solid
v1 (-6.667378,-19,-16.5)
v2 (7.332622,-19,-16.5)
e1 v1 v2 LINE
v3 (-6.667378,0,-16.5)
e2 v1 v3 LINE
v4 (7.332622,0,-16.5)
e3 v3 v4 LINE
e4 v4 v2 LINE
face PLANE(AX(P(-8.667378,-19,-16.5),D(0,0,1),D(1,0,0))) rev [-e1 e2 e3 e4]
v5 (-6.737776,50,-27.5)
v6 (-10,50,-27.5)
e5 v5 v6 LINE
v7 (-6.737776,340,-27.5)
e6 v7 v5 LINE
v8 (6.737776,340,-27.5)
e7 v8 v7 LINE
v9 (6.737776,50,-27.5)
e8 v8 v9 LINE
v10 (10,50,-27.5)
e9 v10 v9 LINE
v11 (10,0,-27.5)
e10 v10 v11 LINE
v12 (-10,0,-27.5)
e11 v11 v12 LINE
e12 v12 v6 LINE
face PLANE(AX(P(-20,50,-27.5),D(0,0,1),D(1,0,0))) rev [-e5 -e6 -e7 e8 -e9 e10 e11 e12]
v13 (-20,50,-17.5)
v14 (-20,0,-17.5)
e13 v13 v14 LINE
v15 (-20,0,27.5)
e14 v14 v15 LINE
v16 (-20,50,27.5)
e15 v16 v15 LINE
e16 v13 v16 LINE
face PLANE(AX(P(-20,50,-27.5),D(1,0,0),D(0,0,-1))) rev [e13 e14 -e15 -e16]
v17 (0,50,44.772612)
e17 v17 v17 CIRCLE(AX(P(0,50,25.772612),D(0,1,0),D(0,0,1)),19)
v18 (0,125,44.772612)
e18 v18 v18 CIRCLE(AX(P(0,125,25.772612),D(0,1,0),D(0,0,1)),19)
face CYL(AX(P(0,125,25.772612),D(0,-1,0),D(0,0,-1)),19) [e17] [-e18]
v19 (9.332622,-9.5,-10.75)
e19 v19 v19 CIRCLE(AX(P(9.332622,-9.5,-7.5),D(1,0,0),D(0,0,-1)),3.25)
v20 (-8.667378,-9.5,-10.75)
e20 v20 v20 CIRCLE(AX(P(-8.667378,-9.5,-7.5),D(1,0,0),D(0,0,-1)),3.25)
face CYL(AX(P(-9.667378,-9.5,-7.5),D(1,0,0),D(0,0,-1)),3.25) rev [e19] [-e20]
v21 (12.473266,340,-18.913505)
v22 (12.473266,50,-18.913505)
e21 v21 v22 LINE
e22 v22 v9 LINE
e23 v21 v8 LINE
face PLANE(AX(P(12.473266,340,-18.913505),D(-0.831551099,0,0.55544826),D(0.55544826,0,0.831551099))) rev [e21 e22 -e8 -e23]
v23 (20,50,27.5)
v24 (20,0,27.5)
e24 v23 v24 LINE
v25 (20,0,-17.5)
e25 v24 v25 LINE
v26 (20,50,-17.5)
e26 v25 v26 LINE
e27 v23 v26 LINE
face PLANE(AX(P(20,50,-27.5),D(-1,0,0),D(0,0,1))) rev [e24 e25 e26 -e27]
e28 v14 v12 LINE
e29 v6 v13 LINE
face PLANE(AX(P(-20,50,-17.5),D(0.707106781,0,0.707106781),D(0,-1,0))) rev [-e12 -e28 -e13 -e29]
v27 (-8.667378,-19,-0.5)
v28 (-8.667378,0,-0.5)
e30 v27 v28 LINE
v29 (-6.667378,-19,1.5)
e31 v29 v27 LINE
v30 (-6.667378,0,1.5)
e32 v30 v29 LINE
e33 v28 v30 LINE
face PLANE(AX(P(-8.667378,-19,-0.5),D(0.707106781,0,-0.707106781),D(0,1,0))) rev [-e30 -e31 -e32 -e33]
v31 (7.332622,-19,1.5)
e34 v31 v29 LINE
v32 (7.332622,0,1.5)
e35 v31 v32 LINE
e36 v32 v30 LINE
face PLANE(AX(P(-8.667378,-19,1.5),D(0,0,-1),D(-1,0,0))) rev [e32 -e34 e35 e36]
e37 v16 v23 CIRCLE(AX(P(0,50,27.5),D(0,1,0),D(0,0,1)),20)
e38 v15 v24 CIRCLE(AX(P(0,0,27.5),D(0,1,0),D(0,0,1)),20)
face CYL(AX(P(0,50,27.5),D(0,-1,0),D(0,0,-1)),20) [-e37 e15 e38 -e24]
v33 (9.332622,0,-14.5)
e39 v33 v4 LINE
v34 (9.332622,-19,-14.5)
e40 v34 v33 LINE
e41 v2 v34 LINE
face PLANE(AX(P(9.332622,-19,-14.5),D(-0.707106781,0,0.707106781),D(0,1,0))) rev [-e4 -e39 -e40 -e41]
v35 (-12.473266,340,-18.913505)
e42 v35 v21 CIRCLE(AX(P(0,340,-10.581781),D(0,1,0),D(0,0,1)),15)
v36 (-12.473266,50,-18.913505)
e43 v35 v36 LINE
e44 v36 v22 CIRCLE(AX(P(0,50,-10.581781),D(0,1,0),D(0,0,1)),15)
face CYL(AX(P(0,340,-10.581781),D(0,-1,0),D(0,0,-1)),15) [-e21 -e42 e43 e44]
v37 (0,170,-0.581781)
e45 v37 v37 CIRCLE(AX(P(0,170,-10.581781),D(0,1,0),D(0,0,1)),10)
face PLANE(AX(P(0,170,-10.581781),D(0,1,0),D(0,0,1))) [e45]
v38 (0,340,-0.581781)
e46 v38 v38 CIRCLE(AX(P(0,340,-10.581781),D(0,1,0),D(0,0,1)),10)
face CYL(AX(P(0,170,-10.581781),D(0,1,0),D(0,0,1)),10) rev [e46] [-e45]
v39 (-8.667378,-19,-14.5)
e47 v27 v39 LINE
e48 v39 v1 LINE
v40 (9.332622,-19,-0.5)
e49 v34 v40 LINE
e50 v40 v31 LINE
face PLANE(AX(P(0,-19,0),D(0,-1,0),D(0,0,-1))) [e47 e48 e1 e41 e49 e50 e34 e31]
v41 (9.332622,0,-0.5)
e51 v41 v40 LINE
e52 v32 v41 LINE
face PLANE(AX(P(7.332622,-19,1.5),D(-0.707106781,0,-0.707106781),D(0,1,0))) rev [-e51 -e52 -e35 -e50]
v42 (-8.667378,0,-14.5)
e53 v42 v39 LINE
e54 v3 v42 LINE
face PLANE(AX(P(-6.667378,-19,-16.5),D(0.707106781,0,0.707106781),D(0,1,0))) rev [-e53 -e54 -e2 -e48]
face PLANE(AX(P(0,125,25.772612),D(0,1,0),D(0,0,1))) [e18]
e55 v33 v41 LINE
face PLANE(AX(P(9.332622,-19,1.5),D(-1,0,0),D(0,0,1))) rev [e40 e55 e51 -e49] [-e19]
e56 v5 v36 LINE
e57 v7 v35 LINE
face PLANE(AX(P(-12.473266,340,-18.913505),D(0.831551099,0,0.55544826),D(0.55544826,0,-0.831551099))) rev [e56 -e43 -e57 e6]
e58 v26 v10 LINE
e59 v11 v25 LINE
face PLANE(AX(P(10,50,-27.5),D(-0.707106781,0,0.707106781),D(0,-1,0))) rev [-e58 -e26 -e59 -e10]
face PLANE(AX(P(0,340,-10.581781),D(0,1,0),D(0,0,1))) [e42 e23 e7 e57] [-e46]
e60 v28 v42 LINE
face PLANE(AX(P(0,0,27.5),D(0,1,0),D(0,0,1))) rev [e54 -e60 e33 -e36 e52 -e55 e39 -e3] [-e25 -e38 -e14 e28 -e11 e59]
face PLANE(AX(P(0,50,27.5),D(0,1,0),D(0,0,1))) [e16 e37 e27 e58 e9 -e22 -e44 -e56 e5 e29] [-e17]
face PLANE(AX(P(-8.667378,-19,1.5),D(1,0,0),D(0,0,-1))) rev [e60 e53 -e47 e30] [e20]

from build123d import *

# Parameters (mm, degrees)
EXTRUDE_1_DEPTH     = 50
SKETCH_2_R          = 19
EXTRUDE_2_DEPTH     = 75
EXTRUDE_3_DEPTH     = 290
SKETCH_4_R          = 10
CUT_EXTRUDE_1_DEPTH = 170
SKETCH_5_W          = 18
SKETCH_5_H          = 18
EXTRUDE_4_DEPTH     = 19
SKETCH_7_R          = 3.25
CUT_EXTRUDE_2_DEPTH = 19
CHAMFER_1_SIZE      = 10
CHAMFER_2_SIZE      = 2


with BuildPart() as part:
    # 草图1 → 凸台-拉伸1 (new body)
    with BuildSketch(Plane(origin=(0, 0, 0), x_dir=(1, 0, 0), z_dir=(0, 1, 0))):
        with BuildLine():
            Line((-20, 27.5), (20, 27.5))
            Line((20, 27.5), (20, -27.5))
            ThreePointArc((20, -27.5), (0, -47.5), (-20, -27.5))
            Line((-20, -27.5), (-20, 27.5))
        make_face()
    extrude(amount=EXTRUDE_1_DEPTH)

    # 草图2 → 凸台-拉伸2 (add)
    with BuildSketch(Plane(origin=(0, 50, 0), x_dir=(1, 0, 0), z_dir=(0, 1, 0))):
        with Locations(Location((0, -25.772612345, 0), (0, 0, 270))):
            Circle(SKETCH_2_R)
    extrude(amount=EXTRUDE_2_DEPTH)

    # 草图3 → 凸台-拉伸3 (add)
    with BuildSketch(Plane(origin=(0, 50, 0), x_dir=(1, 0, 0), z_dir=(0, 1, 0))):
        with BuildLine():
            Line((-12.473266485, 18.913505227), (-6.7377758, 27.5))
            Line((-6.7377758, 27.5), (6.7377758, 27.5))
            Line((6.7377758, 27.5), (12.473266485, 18.913505227))
            ThreePointArc((12.473266485, 18.913505227), (0, -4.418218675), (-12.473266485, 18.913505227))
        make_face()
    extrude(amount=EXTRUDE_3_DEPTH)

    # 草图4 → 切除-拉伸1 (cut)
    with BuildSketch(Plane(origin=(0, 340, 0), x_dir=(1, 0, 0), z_dir=(0, 1, 0))):
        with Locations(Location((0, 10.581781325, 0), (0, 0, 270))):
            Circle(SKETCH_4_R)
    extrude(amount=-CUT_EXTRUDE_1_DEPTH, mode=Mode.SUBTRACT)

    # 草图5 → 凸台-拉伸4 (add)
    with BuildSketch(Plane.XZ):
        with Locations((0.33262197, -7.5)):
            Rectangle(SKETCH_5_W, SKETCH_5_H)
    extrude(amount=EXTRUDE_4_DEPTH)

    # 草图7 → 切除-拉伸2 (cut)
    with BuildSketch(Plane(origin=(9.33262197, 0, 0), x_dir=(0, 0, -1), z_dir=(1, 0, 0))):
        with Locations((7.5, -9.5)):
            Circle(SKETCH_7_R)
    extrude(amount=-CUT_EXTRUDE_2_DEPTH, mode=Mode.SUBTRACT)

    # 倒角1
    chamfer_1_edges = [part.edges().sort_by_distance(p)[0] for p in [
        (-20, 25, -27.5),
        (20, 25, -27.5),
    ]]
    chamfer(chamfer_1_edges, length=CHAMFER_1_SIZE)

    # 倒角2
    chamfer_2_edges = [part.edges().sort_by_distance(p)[0] for p in [
        (9.33262197, -9.5, -16.5),
        (9.33262197, -9.5, 1.5),
        (-8.66737803, -9.5, 1.5),
        (-8.66737803, -9.5, -16.5),
    ]]
    chamfer(chamfer_2_edges, length=CHAMFER_2_SIZE)


solid = part.part
